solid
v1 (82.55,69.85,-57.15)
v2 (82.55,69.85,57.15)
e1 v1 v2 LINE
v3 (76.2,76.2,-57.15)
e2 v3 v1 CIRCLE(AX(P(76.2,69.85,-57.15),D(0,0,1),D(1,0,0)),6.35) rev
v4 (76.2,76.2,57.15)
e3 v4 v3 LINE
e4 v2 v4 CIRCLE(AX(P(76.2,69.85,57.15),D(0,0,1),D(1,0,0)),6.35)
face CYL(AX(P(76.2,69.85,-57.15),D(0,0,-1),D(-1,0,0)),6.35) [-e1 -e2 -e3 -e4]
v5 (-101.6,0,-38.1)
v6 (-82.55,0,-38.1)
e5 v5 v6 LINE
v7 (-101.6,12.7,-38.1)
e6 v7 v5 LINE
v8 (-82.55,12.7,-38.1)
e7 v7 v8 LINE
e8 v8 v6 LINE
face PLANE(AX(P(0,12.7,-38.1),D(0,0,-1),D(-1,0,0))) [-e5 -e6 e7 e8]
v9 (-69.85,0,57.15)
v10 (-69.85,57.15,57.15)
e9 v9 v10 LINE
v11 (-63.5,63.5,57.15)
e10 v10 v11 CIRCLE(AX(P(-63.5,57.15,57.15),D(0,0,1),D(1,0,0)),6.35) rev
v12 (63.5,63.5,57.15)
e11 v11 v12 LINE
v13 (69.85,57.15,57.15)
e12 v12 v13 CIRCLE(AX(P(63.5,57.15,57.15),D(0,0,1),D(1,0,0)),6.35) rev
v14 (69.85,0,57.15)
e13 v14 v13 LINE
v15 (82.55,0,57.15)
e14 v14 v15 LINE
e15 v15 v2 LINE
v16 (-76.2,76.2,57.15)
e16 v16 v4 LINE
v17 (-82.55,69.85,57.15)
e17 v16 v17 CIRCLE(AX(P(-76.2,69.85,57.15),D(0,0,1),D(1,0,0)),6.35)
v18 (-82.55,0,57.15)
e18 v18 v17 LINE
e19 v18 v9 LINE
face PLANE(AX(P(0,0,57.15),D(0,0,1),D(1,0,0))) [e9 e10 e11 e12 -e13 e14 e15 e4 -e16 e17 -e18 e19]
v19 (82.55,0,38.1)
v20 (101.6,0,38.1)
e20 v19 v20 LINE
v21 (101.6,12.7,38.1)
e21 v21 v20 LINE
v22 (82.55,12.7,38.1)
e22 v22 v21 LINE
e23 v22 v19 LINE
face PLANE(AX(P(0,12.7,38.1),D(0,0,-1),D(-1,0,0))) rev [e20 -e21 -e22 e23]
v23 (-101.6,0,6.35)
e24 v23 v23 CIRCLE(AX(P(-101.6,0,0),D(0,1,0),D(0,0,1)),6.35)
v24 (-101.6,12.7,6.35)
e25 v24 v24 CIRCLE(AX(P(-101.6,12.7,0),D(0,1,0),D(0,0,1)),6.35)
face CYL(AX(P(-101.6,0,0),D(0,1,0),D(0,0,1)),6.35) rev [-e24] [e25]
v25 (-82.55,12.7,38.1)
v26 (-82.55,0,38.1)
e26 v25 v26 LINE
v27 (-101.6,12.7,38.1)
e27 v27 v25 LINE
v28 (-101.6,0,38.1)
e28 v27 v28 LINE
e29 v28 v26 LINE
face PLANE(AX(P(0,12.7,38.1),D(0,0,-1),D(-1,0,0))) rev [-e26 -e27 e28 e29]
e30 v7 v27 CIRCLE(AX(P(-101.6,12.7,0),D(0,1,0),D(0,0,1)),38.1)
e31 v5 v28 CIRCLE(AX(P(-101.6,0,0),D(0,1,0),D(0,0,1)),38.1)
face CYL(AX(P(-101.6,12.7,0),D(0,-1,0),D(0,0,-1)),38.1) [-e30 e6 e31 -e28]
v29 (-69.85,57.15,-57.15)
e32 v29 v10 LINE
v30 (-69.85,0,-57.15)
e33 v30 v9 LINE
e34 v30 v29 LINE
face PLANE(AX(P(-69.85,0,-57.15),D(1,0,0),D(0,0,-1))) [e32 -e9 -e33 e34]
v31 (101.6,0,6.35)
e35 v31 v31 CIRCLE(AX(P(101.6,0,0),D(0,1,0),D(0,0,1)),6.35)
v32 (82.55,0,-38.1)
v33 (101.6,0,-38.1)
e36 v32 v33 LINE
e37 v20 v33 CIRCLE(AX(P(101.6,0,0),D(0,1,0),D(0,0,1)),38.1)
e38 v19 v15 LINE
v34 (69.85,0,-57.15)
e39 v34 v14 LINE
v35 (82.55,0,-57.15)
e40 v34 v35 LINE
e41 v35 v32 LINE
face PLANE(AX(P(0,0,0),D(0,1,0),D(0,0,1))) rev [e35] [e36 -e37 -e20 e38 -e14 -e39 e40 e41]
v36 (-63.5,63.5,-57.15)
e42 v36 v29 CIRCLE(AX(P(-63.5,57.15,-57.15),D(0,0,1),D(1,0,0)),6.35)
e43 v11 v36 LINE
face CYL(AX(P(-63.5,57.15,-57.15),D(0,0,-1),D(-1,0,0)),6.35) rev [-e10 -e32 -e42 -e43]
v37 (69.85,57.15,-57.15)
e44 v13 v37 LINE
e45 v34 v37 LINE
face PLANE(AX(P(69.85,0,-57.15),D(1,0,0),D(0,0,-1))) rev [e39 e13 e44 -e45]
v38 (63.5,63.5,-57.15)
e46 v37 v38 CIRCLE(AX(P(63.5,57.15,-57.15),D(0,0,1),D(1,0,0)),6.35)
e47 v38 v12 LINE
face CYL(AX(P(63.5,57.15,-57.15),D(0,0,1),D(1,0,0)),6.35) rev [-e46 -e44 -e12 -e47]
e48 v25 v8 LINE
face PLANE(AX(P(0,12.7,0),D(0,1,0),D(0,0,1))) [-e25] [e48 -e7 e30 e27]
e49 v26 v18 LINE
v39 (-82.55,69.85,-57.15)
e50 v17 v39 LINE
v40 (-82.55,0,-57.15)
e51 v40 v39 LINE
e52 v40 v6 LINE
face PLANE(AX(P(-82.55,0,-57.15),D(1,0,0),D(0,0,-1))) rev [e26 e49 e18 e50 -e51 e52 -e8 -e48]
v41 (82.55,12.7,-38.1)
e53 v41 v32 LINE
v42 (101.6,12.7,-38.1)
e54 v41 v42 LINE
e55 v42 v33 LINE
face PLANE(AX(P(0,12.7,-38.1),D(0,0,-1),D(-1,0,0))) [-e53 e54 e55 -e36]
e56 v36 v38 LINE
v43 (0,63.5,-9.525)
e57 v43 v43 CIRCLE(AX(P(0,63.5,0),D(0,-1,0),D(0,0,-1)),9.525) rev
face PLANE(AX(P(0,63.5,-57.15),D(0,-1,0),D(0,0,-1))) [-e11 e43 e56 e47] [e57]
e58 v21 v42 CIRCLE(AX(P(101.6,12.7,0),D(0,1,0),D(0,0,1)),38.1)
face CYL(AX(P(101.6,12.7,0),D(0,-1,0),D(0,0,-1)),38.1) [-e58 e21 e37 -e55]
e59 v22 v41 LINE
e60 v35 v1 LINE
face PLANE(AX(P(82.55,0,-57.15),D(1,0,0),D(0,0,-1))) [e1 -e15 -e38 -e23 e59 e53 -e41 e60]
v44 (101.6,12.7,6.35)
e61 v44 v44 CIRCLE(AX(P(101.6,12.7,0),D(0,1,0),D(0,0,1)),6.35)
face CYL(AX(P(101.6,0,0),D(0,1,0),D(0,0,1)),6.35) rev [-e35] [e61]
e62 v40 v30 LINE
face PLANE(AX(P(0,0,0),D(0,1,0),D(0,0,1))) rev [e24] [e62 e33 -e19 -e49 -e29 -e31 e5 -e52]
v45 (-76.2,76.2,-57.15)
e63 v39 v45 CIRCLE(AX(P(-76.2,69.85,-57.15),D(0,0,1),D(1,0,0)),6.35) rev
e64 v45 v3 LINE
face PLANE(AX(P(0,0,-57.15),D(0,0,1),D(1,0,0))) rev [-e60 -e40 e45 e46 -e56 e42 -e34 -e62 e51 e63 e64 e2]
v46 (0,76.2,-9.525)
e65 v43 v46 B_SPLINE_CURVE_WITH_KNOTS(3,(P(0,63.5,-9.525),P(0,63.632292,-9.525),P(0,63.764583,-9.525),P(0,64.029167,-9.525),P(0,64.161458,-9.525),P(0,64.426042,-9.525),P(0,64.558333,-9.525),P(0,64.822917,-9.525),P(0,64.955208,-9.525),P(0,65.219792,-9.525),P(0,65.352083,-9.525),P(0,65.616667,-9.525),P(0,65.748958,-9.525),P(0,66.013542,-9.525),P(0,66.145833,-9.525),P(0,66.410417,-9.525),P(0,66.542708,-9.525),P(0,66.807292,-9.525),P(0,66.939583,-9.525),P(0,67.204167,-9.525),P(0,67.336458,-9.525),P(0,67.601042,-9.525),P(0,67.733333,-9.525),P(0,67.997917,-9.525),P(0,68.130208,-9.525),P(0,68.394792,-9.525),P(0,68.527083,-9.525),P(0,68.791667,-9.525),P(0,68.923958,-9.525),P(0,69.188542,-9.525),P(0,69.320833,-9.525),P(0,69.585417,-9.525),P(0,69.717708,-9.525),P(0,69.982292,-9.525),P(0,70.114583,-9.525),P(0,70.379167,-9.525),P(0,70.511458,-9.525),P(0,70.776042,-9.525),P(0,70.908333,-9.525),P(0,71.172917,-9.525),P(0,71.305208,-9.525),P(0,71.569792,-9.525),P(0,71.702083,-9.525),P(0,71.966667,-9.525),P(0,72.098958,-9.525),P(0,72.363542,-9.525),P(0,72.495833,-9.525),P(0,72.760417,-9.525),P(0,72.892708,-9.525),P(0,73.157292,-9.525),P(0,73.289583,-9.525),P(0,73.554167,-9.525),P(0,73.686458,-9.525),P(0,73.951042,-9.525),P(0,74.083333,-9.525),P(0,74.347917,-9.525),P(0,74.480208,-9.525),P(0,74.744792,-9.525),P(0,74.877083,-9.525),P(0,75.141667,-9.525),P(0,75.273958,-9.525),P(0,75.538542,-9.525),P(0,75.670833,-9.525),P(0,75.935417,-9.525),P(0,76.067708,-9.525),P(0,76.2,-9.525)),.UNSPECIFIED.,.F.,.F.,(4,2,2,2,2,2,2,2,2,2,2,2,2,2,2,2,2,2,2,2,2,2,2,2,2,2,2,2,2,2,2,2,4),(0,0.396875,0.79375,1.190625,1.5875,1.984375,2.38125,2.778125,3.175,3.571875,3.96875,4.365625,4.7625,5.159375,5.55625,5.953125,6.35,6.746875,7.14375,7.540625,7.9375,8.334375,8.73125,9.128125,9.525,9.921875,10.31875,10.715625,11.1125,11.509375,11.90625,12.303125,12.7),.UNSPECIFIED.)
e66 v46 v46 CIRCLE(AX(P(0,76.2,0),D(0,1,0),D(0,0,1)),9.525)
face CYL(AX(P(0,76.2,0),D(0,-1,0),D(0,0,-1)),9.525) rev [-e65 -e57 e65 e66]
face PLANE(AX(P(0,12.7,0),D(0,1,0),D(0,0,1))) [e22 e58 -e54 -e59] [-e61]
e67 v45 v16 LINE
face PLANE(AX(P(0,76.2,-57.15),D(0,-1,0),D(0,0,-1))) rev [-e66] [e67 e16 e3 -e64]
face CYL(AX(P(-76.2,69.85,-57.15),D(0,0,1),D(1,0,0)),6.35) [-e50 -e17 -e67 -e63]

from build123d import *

# Parameters (mm, degrees)
BOSS_EXTRUDE1_DEPTH      = 12.7
BOSS_EXTRUDE2_DEPTH      = 57.15
BOSS_EXTRUDE2_DEPTH_BACK = 57.15
SKETCH8_R                = 9.525
CUT_EXTRUDE2_DEPTH       = 170.081792337
SKETCH9_W                = 139.7
SKETCH9_H                = 63.5
CUT_EXTRUDE3_DEPTH       = 196.926057481
FILLET1_R                = 6.35
SKETCH10_R               = 6.35
CUT_EXTRUDE4_DEPTH       = 164.751221369


with BuildPart() as part:
    # Sketch1 → Boss-Extrude1 (new body)
    with BuildSketch(Plane(origin=(0, 0, 0), x_dir=(1, 0, 0), z_dir=(0, 1, 0))):
        with BuildLine():
            Line((101.6, 38.1), (-101.6, 38.1))
            ThreePointArc((-101.6, 38.1), (-74.659231637, 26.940768363), (-63.5, 0))
            ThreePointArc((-63.5, 0), (-74.659231637, -26.940768363), (-101.6, -38.1))
            Line((-101.6, -38.1), (101.6, -38.1))
            ThreePointArc((101.6, -38.1), (63.5, 0), (101.6, 38.1))
        make_face()
        with BuildLine():
            ThreePointArc((-63.5, 0), (-74.659231637, 26.940768363), (-101.6, 38.1))
            Line((-101.6, 38.1), (-101.6, -38.1))
            ThreePointArc((-101.6, -38.1), (-74.659231637, -26.940768363), (-63.5, 0))
        make_face()
        with BuildLine():
            Line((-101.6, -38.1), (-101.6, 38.1))
            ThreePointArc((-101.6, 38.1), (-139.7, 0), (-101.6, -38.1))
        make_face()
        with BuildLine():
            ThreePointArc((139.7, 0), (128.540768363, 26.940768363), (101.6, 38.1))
            Line((101.6, 38.1), (101.6, -38.1))
            ThreePointArc((101.6, -38.1), (128.540768363, -26.940768363), (139.7, 0))
        make_face()
        with BuildLine():
            Line((101.6, -38.1), (101.6, 38.1))
            ThreePointArc((101.6, 38.1), (63.5, 0), (101.6, -38.1))
        make_face()
    extrude(amount=BOSS_EXTRUDE1_DEPTH)

    # Sketch2 → Boss-Extrude2 (add, two sides: drawn at the far end of the back side and taken through both)
    with BuildSketch(Plane.XY.offset(-BOSS_EXTRUDE2_DEPTH_BACK)):
        Polygon((69.85, 0), (69.85, 63.5), (-69.85, 63.5), (-69.85, 0), (-82.55, 0), (-82.55, 76.2), (82.55, 76.2), (82.55, 0), align=None)
    extrude(amount=BOSS_EXTRUDE2_DEPTH + BOSS_EXTRUDE2_DEPTH_BACK)

    # Sketch8 → Cut-Extrude2 (cut, through all)
    with BuildSketch(Plane(origin=(0, 0, 0), x_dir=(1, 0, 0), z_dir=(0, 1, 0))):
        with Locations(Location((0, 0, 0), (0, 0, 90))):
            Circle(SKETCH8_R)
    extrude(amount=CUT_EXTRUDE2_DEPTH, mode=Mode.SUBTRACT)

    # Sketch9 → Cut-Extrude3 (cut, through all)
    with BuildSketch(Plane.XY.offset(57.15)):
        with Locations((0, 31.75)):
            Rectangle(SKETCH9_W, SKETCH9_H)
    extrude(amount=-CUT_EXTRUDE3_DEPTH, mode=Mode.SUBTRACT)

    # Fillet1
    fillet1_edges = [part.edges().sort_by_distance(p)[0] for p in [
        (-69.85, 63.5, 0),
        (82.55, 76.2, 0),
        (69.85, 63.5, 0),
        (-82.55, 76.2, 0),
    ]]
    fillet(fillet1_edges, radius=FILLET1_R)

    # Sketch10 → Cut-Extrude4 (cut, through all)
    with BuildSketch(Plane(origin=(0, 12.7, 0), x_dir=(1, 0, 0), z_dir=(0, 1, 0))):
        with Locations(Location((101.6, 0, 0), (0, 0, 270))):
            Circle(SKETCH10_R)
        with Locations(Location((-101.6, 0, 0), (0, 0, 270))):
            Circle(SKETCH10_R)
    extrude(amount=-CUT_EXTRUDE4_DEPTH, mode=Mode.SUBTRACT)


solid = part.part
